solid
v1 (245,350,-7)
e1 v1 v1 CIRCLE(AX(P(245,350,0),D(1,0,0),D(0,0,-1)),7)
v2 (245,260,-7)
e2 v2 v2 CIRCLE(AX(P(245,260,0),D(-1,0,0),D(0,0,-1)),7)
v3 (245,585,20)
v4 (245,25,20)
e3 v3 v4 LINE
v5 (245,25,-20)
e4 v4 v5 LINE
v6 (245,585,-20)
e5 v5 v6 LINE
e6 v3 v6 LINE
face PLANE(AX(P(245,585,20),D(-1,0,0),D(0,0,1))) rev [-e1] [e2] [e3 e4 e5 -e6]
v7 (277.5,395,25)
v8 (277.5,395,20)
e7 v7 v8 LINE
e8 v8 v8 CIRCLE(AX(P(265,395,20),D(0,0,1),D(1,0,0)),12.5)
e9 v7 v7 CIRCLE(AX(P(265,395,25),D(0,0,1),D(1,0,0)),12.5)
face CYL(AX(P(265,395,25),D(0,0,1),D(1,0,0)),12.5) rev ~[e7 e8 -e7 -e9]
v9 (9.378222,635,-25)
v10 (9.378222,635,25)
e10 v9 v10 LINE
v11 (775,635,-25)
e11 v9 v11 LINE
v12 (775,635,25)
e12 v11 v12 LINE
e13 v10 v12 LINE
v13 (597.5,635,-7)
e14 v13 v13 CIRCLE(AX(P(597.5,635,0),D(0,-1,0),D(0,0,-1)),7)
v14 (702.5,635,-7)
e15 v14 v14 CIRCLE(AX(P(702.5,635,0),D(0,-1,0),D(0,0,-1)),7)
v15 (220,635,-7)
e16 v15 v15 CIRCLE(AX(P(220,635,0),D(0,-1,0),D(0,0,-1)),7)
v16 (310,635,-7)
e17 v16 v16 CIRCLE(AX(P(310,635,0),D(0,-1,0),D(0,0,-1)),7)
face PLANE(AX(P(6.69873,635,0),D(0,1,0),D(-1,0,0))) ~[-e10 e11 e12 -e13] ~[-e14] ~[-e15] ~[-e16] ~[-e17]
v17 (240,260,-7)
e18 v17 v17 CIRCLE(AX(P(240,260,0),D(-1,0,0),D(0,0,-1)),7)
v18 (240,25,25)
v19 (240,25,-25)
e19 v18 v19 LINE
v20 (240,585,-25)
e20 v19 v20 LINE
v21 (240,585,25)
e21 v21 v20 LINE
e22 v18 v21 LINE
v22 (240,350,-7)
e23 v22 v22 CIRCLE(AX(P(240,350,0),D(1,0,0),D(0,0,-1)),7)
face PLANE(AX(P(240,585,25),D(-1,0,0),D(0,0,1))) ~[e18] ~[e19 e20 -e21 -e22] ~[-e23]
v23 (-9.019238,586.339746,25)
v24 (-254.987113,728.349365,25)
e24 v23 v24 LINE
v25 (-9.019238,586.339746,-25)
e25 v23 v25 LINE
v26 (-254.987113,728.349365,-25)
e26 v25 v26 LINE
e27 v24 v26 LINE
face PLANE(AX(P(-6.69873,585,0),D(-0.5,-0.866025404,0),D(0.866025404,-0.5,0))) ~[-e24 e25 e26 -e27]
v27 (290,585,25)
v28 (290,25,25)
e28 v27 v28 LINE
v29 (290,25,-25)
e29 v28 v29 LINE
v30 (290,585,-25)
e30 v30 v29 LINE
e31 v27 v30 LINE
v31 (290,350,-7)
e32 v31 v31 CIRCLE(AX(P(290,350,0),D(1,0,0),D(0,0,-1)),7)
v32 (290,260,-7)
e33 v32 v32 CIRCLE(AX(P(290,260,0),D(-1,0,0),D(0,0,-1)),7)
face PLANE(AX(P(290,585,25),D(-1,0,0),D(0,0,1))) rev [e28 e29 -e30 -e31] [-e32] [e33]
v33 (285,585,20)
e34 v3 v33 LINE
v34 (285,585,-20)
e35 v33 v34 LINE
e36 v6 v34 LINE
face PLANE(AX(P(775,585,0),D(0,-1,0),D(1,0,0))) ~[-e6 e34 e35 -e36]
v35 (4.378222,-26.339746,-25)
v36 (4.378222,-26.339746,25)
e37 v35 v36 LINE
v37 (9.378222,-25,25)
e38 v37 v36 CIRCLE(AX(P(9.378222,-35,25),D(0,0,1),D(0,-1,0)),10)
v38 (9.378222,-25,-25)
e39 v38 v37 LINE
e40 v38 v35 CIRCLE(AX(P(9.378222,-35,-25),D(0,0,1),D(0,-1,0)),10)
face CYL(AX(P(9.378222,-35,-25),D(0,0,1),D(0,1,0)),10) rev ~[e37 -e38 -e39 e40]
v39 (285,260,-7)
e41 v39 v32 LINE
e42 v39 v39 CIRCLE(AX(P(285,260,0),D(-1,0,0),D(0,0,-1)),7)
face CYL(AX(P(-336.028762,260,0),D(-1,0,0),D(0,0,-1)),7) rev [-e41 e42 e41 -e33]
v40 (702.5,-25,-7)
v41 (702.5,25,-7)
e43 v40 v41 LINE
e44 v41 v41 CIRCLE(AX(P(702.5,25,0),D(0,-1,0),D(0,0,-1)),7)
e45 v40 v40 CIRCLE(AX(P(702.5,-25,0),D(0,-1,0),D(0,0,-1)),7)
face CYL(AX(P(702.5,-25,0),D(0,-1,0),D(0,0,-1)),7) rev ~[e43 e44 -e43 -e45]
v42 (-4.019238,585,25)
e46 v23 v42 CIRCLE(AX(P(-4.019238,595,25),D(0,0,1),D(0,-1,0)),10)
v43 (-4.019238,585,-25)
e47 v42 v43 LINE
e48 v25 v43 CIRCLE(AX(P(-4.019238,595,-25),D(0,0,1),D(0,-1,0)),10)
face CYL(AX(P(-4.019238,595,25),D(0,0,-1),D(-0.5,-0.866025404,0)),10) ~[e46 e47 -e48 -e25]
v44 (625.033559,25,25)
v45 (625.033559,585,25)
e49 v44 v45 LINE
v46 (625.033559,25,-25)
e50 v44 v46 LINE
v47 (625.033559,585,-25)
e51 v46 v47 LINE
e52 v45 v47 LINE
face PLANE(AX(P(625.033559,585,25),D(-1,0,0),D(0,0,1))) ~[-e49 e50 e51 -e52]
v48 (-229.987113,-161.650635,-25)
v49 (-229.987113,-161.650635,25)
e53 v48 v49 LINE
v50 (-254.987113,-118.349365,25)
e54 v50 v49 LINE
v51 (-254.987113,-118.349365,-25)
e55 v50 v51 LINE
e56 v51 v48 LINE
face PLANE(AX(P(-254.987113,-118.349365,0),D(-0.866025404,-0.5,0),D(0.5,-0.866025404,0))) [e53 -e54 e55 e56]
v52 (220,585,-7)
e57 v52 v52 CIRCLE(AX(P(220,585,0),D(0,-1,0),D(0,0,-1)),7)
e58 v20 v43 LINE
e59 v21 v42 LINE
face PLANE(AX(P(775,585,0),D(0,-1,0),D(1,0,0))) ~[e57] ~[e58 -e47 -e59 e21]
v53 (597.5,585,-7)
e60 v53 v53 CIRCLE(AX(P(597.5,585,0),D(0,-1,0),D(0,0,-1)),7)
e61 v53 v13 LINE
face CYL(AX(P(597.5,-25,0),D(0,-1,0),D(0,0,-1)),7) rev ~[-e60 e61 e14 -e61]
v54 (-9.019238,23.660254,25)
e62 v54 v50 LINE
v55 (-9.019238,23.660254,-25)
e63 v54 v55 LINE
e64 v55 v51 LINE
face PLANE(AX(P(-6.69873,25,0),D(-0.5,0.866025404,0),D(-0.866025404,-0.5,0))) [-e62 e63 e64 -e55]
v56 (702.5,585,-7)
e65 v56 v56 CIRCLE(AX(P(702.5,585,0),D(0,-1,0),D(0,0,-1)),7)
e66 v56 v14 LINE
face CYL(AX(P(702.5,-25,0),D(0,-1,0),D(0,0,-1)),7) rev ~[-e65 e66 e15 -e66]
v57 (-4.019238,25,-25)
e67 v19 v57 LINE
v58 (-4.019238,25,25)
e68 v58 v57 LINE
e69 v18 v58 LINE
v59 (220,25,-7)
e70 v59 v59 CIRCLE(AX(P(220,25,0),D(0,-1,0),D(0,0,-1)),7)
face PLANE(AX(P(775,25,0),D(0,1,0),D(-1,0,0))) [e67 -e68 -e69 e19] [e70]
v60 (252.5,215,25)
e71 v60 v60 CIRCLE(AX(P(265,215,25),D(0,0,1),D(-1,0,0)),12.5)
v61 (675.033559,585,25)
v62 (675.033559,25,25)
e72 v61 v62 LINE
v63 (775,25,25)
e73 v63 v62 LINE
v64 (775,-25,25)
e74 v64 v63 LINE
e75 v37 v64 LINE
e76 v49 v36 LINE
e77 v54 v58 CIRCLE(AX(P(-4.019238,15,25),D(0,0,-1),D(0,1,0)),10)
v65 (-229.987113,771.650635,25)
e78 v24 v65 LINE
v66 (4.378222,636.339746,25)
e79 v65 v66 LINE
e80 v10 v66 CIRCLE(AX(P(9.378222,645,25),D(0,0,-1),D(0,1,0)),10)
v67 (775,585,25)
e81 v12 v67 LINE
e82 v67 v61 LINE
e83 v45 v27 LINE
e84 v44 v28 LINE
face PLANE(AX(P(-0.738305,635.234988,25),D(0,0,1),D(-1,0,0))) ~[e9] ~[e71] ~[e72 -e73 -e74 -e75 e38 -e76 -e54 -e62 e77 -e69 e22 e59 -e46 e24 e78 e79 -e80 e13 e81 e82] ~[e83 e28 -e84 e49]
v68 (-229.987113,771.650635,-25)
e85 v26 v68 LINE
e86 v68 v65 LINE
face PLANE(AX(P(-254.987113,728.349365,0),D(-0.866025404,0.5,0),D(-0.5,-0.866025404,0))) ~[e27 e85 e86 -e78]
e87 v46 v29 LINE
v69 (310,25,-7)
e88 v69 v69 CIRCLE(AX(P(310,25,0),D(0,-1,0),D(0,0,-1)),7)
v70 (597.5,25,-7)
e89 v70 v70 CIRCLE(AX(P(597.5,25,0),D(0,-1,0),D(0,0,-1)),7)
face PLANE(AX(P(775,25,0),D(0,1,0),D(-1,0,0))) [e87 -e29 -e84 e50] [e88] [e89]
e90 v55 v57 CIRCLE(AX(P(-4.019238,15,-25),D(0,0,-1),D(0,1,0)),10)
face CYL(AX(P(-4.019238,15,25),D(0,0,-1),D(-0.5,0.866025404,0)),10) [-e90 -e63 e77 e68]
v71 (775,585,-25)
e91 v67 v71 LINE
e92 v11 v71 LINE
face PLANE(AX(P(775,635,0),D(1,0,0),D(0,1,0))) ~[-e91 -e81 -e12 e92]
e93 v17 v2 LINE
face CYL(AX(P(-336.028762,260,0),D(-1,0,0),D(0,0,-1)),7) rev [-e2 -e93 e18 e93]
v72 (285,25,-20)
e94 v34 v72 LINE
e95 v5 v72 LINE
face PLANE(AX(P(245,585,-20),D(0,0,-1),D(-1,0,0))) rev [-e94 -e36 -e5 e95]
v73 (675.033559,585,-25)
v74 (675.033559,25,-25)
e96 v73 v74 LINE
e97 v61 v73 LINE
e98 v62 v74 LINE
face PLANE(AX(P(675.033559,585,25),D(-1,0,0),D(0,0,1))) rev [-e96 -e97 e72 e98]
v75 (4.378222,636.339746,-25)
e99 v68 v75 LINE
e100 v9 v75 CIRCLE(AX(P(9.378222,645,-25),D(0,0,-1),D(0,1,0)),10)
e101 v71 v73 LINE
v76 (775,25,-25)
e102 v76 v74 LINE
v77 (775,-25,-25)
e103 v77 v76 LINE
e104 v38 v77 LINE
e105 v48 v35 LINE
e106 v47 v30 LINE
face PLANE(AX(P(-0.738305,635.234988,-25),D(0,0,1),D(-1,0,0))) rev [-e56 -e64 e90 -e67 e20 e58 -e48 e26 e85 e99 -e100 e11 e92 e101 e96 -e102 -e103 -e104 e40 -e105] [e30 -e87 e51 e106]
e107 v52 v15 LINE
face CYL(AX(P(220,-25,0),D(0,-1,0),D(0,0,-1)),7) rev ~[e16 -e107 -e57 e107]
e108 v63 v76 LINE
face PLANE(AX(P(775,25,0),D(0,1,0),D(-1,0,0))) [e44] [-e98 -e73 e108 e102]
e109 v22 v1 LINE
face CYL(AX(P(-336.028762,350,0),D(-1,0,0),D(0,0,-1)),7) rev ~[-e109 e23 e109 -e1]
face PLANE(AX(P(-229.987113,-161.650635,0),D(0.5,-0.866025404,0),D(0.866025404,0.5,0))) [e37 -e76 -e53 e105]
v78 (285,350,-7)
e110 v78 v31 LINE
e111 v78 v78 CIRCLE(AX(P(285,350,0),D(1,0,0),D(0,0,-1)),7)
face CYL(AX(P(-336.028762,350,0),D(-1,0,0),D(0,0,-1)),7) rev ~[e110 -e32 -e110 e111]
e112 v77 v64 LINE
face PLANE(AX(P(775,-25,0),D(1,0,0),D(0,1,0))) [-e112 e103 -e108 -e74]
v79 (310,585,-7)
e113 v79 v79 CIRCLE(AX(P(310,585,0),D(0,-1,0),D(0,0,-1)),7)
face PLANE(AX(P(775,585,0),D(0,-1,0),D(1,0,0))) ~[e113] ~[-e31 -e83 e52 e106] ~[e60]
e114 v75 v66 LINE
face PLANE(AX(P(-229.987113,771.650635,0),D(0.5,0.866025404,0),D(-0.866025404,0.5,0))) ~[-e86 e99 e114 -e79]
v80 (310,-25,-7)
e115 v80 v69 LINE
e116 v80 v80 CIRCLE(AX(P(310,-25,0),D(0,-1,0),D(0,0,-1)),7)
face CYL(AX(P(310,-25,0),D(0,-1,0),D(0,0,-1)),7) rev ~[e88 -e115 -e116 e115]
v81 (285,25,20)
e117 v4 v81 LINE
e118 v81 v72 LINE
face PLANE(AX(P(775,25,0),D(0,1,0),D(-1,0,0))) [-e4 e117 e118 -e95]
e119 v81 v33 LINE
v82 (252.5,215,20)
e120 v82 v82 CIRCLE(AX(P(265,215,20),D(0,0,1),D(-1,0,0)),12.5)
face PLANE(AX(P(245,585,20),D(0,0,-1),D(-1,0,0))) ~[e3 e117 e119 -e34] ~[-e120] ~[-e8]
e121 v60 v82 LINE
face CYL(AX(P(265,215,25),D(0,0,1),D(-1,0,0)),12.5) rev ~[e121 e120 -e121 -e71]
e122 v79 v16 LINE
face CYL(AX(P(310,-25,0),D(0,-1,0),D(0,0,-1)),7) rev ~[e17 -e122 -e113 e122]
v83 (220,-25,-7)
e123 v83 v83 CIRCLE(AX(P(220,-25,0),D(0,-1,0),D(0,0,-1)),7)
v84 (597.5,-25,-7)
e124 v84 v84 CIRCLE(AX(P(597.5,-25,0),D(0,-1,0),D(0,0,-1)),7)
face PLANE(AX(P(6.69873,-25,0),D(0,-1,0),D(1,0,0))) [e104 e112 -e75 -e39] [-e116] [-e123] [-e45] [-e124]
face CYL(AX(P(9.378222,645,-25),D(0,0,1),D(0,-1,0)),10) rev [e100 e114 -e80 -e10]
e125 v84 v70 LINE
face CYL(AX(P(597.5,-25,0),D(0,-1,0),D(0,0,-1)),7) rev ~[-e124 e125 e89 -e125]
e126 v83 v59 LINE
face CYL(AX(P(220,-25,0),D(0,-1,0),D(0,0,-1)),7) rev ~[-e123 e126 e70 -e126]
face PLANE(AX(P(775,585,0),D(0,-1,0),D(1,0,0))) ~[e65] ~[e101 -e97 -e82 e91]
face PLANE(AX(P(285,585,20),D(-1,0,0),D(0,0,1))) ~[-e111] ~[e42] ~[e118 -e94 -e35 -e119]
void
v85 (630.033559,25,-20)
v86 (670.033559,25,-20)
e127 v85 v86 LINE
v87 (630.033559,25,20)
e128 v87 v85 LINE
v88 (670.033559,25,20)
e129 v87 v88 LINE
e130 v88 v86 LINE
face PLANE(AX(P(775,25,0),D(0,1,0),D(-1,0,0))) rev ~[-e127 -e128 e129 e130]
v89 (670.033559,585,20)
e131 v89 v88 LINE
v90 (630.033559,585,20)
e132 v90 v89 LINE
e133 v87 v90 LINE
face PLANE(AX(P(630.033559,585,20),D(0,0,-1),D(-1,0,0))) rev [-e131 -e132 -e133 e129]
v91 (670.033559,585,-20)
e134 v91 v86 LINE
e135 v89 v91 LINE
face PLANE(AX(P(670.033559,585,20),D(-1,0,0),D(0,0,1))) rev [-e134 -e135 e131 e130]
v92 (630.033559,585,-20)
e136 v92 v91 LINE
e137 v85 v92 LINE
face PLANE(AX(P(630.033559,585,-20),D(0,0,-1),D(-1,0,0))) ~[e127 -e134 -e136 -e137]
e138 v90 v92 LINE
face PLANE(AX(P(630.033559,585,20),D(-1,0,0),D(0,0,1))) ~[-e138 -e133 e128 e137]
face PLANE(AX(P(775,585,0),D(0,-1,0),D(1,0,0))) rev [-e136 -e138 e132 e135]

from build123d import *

# Parameters (mm, degrees)
SKETCH1_W               = 385
SKETCH1_H               = 25
SKETCH1_W_2             = 125
BOSS_EXTRUDE4_DEPTH     = 25
FILLET1_R               = 10
FILLET2_R               = 10
SKETCH8_W               = 50
SKETCH8_H               = 50
SKETCH8_W_2             = 40
SKETCH8_H_2             = 40
BOSS_EXTRUDE5_DEPTH     = 280
CUT_EXTRUDE2_DEPTH      = 51
CUT_EXTRUDE2_DEPTH_BACK = 626.028762059
SKETCH11_R              = 7
SKETCH12_R              = 7
CUT_EXTRUDE3_DEPTH      = 1112.711398879
SKETCH13_R              = 12.5
CUT_EXTRUDE4_DEPTH      = 25


with BuildPart() as part:
    # Sketch1 → Boss-Extrude4 (new, symmetric)
    with BuildSketch(Plane.XY):
        Polygon((-254.98711306, -118.349364905), (-242.48711306, -140), (0, 0), (265, 0), (265, 25), (-6.698729811, 25), align=None)
        Polygon((0, 0), (-242.48711306, -140), (-229.98711306, -161.650635095), (6.698729811, -25), (775, -25), (775, 0), (650, 0), (265, 0), align=None)
        with Locations((457.5, 12.5)):
            Rectangle(SKETCH1_W, SKETCH1_H)
        with Locations((712.5, 12.5)):
            Rectangle(SKETCH1_W_2, SKETCH1_H)
    extrude(amount=BOSS_EXTRUDE4_DEPTH, both=True)

    # Fillet1
    fillet1_edges = [part.edges().sort_by_distance(p)[0] for p in [
        (-6.698729811, 25, 0),
    ]]
    fillet(fillet1_edges, radius=FILLET1_R)

    # Fillet2
    fillet2_edges = [part.edges().sort_by_distance(p)[0] for p in [
        (6.698729811, -25, 0),
    ]]
    fillet(fillet2_edges, radius=FILLET2_R)

    # Sketch8 → Boss-Extrude5 (add)
    # profile 1 of 2: a face of its own
    with BuildSketch(Plane(origin=(0, 25, 0), x_dir=(1, 0, 0), z_dir=(0, 1, 0))):
        with Locations((265, 0)):
            Rectangle(SKETCH8_W, SKETCH8_H)
        with Locations((265, 0)):
            Rectangle(SKETCH8_W_2, SKETCH8_H_2, mode=Mode.SUBTRACT)
    # profile 2 of 2: a face of its own
    with BuildSketch(Plane(origin=(0, 25, 0), x_dir=(1, 0, 0), z_dir=(0, 1, 0))):
        with Locations((650.033558731, 0)):
            Rectangle(SKETCH8_W, SKETCH8_H)
        with Locations((650.033558731, 0)):
            Rectangle(SKETCH8_W_2, SKETCH8_H_2, mode=Mode.SUBTRACT)
    extrude(amount=BOSS_EXTRUDE5_DEPTH)

    # Sketch11 → Cut-Extrude2 (cut, two sides: drawn at the far end of the back side and taken through both)
    with BuildSketch(Plane(origin=(290, 0, 0), x_dir=(0, 0, -1), z_dir=(1, 0, 0)).offset(-CUT_EXTRUDE2_DEPTH_BACK)):
        with Locations((0, 260)):
            Circle(SKETCH11_R)
    extrude(amount=CUT_EXTRUDE2_DEPTH + CUT_EXTRUDE2_DEPTH_BACK, mode=Mode.SUBTRACT)

    # Mirror1: part across plane


with BuildPart() as part_1:
    add(part.part)
    add(part.part.mirror(Plane(origin=(0, 305, 0), x_dir=(0, 0, 1), z_dir=(0, -1, 0))))

    # Sketch12 → Cut-Extrude3 (cut, through all)
    with BuildSketch(Plane.XZ.offset(25)):
        with Locations(Location((310, 0, 0), (0, 0, 270))):
            Circle(SKETCH12_R)
        with Locations(Location((220, 0, 0), (0, 0, 270))):
            Circle(SKETCH12_R)
        with Locations(Location((597.5, 0, 0), (0, 0, 270))):
            Circle(SKETCH12_R)
        with Locations(Location((702.5, 0, 0), (0, 0, 270))):
            Circle(SKETCH12_R)
    extrude(amount=-CUT_EXTRUDE3_DEPTH, mode=Mode.SUBTRACT)

    # Sketch13 → Cut-Extrude4 (cut)
    with BuildSketch(Plane.XY.offset(25)):
        with Locations((265, 395)):
            Circle(SKETCH13_R)
        with Locations(Location((265, 215, 0), (0, 0, 180))):
            Circle(SKETCH13_R)
    extrude(amount=-CUT_EXTRUDE4_DEPTH, mode=Mode.SUBTRACT)


solid = part_1.part
